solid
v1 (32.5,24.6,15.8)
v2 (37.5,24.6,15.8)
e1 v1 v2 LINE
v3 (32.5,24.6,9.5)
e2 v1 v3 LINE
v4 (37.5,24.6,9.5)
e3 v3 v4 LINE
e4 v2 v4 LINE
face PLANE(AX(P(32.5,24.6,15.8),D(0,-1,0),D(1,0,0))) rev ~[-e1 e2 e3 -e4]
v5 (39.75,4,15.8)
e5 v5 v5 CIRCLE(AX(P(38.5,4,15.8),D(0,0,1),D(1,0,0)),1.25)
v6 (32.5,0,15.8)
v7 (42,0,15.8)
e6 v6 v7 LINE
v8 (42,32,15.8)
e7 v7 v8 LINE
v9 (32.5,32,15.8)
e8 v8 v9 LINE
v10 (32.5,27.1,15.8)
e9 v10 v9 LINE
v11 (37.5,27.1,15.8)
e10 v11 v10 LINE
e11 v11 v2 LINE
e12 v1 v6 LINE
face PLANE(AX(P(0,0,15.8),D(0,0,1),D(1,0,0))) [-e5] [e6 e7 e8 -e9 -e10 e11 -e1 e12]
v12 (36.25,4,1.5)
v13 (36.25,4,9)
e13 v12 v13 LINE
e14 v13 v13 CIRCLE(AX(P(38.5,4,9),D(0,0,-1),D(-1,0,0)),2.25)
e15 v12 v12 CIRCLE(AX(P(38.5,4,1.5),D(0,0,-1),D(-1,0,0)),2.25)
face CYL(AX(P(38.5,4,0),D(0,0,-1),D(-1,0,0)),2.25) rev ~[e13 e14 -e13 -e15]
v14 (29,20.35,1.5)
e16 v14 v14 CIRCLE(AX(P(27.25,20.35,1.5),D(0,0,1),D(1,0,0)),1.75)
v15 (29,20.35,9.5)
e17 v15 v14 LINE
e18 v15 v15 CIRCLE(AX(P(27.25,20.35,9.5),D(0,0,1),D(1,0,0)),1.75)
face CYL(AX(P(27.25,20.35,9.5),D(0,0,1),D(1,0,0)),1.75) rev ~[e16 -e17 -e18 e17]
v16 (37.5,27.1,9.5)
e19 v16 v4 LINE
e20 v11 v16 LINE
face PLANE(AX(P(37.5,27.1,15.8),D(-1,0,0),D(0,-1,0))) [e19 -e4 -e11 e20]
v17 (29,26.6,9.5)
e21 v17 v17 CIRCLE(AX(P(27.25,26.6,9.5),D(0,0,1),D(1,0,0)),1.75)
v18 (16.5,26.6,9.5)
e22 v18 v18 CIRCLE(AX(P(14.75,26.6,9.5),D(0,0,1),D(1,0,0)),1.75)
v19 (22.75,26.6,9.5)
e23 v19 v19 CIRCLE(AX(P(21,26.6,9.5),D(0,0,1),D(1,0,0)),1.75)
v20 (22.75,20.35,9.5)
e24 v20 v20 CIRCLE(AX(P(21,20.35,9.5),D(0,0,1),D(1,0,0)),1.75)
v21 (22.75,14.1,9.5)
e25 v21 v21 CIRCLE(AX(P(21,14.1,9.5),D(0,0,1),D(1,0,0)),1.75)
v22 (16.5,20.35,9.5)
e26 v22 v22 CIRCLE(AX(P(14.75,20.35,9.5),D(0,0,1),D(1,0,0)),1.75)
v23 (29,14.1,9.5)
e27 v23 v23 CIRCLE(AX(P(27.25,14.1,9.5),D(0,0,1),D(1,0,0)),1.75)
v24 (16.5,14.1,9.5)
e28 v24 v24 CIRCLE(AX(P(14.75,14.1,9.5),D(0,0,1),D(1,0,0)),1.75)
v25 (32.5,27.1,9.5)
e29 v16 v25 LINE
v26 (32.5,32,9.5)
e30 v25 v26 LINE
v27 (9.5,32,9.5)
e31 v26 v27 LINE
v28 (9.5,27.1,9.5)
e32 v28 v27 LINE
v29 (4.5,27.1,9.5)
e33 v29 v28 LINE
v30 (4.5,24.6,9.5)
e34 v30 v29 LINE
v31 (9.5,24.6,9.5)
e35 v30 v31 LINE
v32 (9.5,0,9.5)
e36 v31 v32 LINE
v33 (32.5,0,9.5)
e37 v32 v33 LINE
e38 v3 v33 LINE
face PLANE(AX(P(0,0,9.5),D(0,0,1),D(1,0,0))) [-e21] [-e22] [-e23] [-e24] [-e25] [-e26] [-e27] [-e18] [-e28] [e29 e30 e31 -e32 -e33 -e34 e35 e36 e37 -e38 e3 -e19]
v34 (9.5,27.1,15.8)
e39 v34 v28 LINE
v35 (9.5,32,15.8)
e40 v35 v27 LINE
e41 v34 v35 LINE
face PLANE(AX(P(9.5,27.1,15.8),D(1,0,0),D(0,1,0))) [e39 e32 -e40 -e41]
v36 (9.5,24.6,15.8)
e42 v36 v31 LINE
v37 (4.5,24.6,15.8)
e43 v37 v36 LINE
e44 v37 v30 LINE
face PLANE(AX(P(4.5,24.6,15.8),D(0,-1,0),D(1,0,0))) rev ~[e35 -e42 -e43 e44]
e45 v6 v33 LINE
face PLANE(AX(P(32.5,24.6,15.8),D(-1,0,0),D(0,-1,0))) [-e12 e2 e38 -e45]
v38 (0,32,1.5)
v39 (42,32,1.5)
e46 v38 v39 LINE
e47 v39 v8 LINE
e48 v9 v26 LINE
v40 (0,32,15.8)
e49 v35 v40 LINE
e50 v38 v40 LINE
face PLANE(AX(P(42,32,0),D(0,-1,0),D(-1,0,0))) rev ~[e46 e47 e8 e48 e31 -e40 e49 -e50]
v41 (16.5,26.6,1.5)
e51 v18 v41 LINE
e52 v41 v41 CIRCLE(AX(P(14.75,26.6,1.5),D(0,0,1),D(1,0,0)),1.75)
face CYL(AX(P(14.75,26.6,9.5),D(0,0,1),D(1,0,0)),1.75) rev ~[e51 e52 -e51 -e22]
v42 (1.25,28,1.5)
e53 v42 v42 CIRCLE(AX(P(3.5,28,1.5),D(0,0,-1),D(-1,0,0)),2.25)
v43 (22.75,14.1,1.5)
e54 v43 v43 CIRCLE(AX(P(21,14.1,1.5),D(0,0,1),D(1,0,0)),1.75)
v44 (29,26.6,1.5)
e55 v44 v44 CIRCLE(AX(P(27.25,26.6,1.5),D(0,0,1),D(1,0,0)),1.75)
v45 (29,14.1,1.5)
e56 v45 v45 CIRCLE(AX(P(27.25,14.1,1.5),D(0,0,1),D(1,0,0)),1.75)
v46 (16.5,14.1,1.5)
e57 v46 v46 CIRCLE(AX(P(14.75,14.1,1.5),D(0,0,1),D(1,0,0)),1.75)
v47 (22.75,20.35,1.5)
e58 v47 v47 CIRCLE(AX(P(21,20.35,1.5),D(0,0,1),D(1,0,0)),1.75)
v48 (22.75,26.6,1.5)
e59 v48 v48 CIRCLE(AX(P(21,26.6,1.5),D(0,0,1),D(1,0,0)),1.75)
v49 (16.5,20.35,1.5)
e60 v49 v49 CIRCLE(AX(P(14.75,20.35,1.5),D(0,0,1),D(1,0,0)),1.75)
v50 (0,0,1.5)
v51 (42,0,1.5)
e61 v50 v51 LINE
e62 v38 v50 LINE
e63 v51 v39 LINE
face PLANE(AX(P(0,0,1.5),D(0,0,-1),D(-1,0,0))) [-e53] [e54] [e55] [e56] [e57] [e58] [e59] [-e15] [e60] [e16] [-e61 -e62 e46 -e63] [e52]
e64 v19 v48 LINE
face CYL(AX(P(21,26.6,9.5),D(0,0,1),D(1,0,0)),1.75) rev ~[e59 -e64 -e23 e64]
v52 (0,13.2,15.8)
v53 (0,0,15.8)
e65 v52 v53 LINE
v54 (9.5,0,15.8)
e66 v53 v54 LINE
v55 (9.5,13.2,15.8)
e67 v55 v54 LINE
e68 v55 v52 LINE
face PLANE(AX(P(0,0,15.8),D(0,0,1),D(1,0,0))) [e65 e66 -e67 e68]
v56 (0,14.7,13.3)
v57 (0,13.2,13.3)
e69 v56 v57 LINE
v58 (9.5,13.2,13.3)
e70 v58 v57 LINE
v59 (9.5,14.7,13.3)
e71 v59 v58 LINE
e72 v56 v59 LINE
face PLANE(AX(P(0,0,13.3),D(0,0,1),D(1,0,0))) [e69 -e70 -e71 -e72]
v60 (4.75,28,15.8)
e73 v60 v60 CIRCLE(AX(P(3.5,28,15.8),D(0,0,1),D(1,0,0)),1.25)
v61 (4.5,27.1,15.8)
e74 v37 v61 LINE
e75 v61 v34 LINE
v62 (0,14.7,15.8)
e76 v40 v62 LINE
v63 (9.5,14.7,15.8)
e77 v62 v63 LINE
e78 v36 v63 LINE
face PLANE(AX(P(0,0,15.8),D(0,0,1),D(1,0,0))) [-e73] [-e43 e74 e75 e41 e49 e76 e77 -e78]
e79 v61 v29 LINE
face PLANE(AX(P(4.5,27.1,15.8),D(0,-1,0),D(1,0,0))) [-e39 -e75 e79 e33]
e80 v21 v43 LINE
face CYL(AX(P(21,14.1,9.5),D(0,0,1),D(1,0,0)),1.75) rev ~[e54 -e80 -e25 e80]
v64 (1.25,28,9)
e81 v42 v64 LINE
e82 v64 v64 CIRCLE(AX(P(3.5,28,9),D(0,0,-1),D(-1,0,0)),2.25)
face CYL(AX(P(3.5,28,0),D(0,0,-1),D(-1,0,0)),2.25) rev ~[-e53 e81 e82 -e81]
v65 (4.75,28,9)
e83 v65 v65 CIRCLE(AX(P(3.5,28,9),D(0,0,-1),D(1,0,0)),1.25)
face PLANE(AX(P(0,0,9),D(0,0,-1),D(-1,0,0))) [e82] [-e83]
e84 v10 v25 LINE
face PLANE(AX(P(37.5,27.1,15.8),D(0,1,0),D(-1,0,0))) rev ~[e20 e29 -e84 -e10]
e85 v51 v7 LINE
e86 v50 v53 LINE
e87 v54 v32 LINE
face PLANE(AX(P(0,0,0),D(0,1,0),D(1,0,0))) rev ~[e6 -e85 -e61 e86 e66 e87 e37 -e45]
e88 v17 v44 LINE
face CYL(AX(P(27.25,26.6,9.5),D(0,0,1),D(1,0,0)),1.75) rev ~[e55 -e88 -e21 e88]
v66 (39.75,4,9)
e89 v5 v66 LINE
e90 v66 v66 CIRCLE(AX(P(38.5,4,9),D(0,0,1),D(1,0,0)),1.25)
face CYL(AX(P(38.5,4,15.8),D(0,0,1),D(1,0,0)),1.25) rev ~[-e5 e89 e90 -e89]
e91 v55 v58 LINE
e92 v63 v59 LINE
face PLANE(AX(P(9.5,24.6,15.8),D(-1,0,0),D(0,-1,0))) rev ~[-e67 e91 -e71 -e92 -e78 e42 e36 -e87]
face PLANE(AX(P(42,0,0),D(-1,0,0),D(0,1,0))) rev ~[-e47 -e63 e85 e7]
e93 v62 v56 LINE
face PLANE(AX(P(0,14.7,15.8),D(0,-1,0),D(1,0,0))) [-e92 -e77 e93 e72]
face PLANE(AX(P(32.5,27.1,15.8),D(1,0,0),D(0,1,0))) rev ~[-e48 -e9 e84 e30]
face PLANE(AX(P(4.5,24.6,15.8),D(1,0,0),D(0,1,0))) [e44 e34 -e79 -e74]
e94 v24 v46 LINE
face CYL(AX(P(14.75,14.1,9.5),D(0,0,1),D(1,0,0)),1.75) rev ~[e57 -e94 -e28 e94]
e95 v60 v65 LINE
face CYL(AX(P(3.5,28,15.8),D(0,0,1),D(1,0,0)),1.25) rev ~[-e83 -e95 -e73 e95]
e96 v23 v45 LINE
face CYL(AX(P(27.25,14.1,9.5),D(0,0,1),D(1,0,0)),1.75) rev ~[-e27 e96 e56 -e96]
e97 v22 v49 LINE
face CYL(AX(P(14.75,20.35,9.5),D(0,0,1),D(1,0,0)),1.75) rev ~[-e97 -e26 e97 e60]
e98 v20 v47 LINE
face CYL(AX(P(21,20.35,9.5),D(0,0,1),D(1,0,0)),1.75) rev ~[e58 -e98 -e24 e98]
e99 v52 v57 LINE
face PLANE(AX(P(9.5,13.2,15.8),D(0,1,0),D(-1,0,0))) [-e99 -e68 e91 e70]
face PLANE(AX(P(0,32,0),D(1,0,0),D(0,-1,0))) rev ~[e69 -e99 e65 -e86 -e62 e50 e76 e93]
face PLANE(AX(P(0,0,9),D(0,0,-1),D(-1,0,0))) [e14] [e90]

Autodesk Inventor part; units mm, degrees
ref_plane "YZ Plane" through (0, 0, 0) normal (1, 0, 0) x (0, 1, 0)
ref_plane "XZ Plane" through (0, 0, 0) normal (0, 1, 0) x (-1, 0, 0)
ref_plane "XY Plane" through (0, 0, 0) normal (0, 0, 1) x (1, 0, 0)
sketch "Sketch2" plane through (0, 0, 0) normal (0, 0, 1) x (1, 0, 0)
  line L0 (0, 0) -> (42, 0)
  line L1 (42, 0) -> (42, 32)
  line L2 (42, 32) -> (0, 32)
  line L3 (0, 32) -> (0, 0)
  dimension "d0" = 42
  dimension "d1" = 32
extrude "Cover_Body" add sketch "Sketch2" along normal blind 15.8
sketch "Sketch4" plane through (0, 0, 15.8) normal (0, 0, 1) x (1, 0, 0)
  line L0 (42, 32) -> (0, 32) projected
  line L1 (0, 32) -> (0, 0) projected
  line L2 (4.5, 24.6) -> (9.5, 24.6)
  line L3 (32.5, 24.6) -> (37.5, 24.6)
  line L4 (42, 0) -> (42, 32) projected
  line L5 (0, 0) -> (42, 0) projected
  line L6 (4.5, 24.6) -> (4.5, 27.1)
  line L7 (4.5, 27.1) -> (9.5, 27.1)
  line L8 (9.5, 27.1) -> (9.5, 32)
  line L9 (37.5, 27.1) -> (37.5, 24.6)
  line L10 (37.5, 27.1) -> (32.5, 27.1)
  line L11 (32.5, 27.1) -> (32.5, 32)
  line L12 (9.5, 32) -> (32.5, 32)
  line L13 (21, 36.5125) -> (21, -47.625) construction
  line L14 (32.5, 24.6) -> (32.5, 0)
  line L15 (9.5, 24.6) -> (9.5, 0)
  line L16 (9.5, 0) -> (32.5, 0)
  point P0 (4.9935, 32)
  point P1 (37, 32)
  dimension "d6" = 5
  dimension "d14" = 2.5
  dimension "d15" = 2.5
  dimension "d22" = 42
  dimension "d23" = 21
  dimension "d24" = 23
  dimension "d28" = 5
  dimension "d118" = 23
  dimension "d119" = 11.5
  dimension "d120" = 11.5
  dimension "d121" = 24.6
extrude "Servo_Opening" cut sketch "Sketch4" against normal blind 6.3 contours L11 L10 L9 L3 L14 L5 L15 L2 L6 L7 L8 L0
sketch "Sketch5" plane through (0, 0, 15.8) normal (0, 0, 1) x (1, 0, 0)
  line L0 (0, 32) -> (0, 0) projected
  line L1 (0, 13.2) -> (0, 14.7)
  line L2 (-29.647, 13.95) -> (54.8226, 13.95) construction
  line L3 (0, 0) -> (42, 0) projected
  line L4 (0, 14.7) -> (9.5, 14.7)
  line L5 (9.5, 14.7) -> (9.5, 13.2)
  line L6 (9.5, 13.2) -> (0, 13.2)
  line L7 (9.5, 0) -> (9.5, 24.6) projected
  line L8 (9.5, 32) -> (0, 32) projected
  dimension "d97" = 1.5
  dimension "d131" = 13.2
extrude "Cable_Opening" cut sketch "Sketch5" against normal blind 2.5 contours L4 L5 L6 L0
sketch "Sketch6" plane through (0, 0, 15.8) normal (0, 0, 1) x (1, 0, 0)
  circle A0 centre (3.5, 28) radius 1.25
  circle A1 centre (38.5, 28) radius 1.25 construction
  circle A2 centre (38.5, 4) radius 1.25
  circle A3 centre (3.5, 4) radius 1.25 construction
  line L0 (21, 34.35) -> (21, -13.275) construction
  line L1 (-20.6375, 16) -> (66.675, 16) construction
  line L2 (42, 0) -> (42, 32) projected
  line L3 (0, 32) -> (0, 0) projected
  line L4 (9.5, 32) -> (0, 32) projected
  line L5 (0, 0) -> (42, 0) projected
  point P0 (42, 12.35)
  point P1 (0, 12.35)
  dimension "d29" = 2.5
  dimension "d30" = 2.5
  dimension "d31" = 2.5
  dimension "d32" = 2.5
  dimension "d33" = 42
  dimension "d34" = 21
  dimension "d35" = 32
  dimension "d36" = 16
  dimension "d37" = 35
  dimension "d38" = 17.5
  dimension "d39" = 24
  dimension "d40" = 12
extrude "Holes_Mounting_Screws" cut sketch "Sketch6" against normal up to surface (15.8 mm away)
sketch "Sketch16" plane through (0, 0, 0) normal (0, 0, -1) x (-1, 0, 0)
  circle A0 centre (-38.5, 4) radius 2.25
  circle A1 centre (-3.5, 28) radius 2.25
  circle A2 centre (-38.5, 4) radius 1.25 projected
  circle A3 centre (-3.5, 28) radius 1.25 projected
  dimension "d99" = 4.5
  dimension "d100" = 4.5
extrude "Pocket_Mounting_Screws" cut sketch "Sketch16" against normal blind 9
sketch "Sketch17" plane through (0, 0, 9.5) normal (0, 0, 1) x (1, 0, 0)
  circle A0 centre (14.75, 26.6) radius 1.75
  line L0 (9.5, 32) -> (32.5, 32) projected
  line L1 (9.5, 27.1) -> (9.5, 32) projected
  point P0 (0, 0)
  dimension "d105" = 3.5
  dimension "d106" = 5.4
  dimension "d107" = 5.25
extrude "Heat_Dissipation_Hole" cut sketch "Sketch17" against normal up to surface (9.5 mm away)
pattern_linear "Pattern_Heat_Dissipation_Hole" count 3 spacing 6.25 along (1, 0, 0) count 3 spacing 6.25 along (0, -1, 0) of "Heat_Dissipation_Hole"
sketch "Sketch25" plane through (0, 0, 0) normal (0, 0, -1) x (-1, 0, 0)
  line L0 (0, 32) -> (0, 0) projected
  line L1 (-42, 32) -> (-32.5, 32) projected
  line L2 (0, 0) -> (-42, 0)
  line L3 (-42, 0) -> (-42, 32)
  line L4 (-42, 32) -> (0, 32)
  line L5 (0, 32) -> (0, 0)
extrude "Material_Reduction_Optional" cut sketch "Sketch25" against normal blind 1.5
equation "\"d15\" = d14"
equation "\"d23\" = 0.5 * d22"
equation "\"d28\" = d6"
equation "\"d120\" = 0.5 * d118"
equation "\"d34\" = 0.5 * d33"
equation "\"d36\" = 0.5 * d35"
equation "\"d38\" = 0.5 * d37"
equation "\"d40\" = 0.5 * d39"
equation "\"d99\" = d101"
equation "\"d100\" = d101"
equation "\"d101\" = 4.5"
properties part number "EDMO1-0_Cover" material "PLA"
